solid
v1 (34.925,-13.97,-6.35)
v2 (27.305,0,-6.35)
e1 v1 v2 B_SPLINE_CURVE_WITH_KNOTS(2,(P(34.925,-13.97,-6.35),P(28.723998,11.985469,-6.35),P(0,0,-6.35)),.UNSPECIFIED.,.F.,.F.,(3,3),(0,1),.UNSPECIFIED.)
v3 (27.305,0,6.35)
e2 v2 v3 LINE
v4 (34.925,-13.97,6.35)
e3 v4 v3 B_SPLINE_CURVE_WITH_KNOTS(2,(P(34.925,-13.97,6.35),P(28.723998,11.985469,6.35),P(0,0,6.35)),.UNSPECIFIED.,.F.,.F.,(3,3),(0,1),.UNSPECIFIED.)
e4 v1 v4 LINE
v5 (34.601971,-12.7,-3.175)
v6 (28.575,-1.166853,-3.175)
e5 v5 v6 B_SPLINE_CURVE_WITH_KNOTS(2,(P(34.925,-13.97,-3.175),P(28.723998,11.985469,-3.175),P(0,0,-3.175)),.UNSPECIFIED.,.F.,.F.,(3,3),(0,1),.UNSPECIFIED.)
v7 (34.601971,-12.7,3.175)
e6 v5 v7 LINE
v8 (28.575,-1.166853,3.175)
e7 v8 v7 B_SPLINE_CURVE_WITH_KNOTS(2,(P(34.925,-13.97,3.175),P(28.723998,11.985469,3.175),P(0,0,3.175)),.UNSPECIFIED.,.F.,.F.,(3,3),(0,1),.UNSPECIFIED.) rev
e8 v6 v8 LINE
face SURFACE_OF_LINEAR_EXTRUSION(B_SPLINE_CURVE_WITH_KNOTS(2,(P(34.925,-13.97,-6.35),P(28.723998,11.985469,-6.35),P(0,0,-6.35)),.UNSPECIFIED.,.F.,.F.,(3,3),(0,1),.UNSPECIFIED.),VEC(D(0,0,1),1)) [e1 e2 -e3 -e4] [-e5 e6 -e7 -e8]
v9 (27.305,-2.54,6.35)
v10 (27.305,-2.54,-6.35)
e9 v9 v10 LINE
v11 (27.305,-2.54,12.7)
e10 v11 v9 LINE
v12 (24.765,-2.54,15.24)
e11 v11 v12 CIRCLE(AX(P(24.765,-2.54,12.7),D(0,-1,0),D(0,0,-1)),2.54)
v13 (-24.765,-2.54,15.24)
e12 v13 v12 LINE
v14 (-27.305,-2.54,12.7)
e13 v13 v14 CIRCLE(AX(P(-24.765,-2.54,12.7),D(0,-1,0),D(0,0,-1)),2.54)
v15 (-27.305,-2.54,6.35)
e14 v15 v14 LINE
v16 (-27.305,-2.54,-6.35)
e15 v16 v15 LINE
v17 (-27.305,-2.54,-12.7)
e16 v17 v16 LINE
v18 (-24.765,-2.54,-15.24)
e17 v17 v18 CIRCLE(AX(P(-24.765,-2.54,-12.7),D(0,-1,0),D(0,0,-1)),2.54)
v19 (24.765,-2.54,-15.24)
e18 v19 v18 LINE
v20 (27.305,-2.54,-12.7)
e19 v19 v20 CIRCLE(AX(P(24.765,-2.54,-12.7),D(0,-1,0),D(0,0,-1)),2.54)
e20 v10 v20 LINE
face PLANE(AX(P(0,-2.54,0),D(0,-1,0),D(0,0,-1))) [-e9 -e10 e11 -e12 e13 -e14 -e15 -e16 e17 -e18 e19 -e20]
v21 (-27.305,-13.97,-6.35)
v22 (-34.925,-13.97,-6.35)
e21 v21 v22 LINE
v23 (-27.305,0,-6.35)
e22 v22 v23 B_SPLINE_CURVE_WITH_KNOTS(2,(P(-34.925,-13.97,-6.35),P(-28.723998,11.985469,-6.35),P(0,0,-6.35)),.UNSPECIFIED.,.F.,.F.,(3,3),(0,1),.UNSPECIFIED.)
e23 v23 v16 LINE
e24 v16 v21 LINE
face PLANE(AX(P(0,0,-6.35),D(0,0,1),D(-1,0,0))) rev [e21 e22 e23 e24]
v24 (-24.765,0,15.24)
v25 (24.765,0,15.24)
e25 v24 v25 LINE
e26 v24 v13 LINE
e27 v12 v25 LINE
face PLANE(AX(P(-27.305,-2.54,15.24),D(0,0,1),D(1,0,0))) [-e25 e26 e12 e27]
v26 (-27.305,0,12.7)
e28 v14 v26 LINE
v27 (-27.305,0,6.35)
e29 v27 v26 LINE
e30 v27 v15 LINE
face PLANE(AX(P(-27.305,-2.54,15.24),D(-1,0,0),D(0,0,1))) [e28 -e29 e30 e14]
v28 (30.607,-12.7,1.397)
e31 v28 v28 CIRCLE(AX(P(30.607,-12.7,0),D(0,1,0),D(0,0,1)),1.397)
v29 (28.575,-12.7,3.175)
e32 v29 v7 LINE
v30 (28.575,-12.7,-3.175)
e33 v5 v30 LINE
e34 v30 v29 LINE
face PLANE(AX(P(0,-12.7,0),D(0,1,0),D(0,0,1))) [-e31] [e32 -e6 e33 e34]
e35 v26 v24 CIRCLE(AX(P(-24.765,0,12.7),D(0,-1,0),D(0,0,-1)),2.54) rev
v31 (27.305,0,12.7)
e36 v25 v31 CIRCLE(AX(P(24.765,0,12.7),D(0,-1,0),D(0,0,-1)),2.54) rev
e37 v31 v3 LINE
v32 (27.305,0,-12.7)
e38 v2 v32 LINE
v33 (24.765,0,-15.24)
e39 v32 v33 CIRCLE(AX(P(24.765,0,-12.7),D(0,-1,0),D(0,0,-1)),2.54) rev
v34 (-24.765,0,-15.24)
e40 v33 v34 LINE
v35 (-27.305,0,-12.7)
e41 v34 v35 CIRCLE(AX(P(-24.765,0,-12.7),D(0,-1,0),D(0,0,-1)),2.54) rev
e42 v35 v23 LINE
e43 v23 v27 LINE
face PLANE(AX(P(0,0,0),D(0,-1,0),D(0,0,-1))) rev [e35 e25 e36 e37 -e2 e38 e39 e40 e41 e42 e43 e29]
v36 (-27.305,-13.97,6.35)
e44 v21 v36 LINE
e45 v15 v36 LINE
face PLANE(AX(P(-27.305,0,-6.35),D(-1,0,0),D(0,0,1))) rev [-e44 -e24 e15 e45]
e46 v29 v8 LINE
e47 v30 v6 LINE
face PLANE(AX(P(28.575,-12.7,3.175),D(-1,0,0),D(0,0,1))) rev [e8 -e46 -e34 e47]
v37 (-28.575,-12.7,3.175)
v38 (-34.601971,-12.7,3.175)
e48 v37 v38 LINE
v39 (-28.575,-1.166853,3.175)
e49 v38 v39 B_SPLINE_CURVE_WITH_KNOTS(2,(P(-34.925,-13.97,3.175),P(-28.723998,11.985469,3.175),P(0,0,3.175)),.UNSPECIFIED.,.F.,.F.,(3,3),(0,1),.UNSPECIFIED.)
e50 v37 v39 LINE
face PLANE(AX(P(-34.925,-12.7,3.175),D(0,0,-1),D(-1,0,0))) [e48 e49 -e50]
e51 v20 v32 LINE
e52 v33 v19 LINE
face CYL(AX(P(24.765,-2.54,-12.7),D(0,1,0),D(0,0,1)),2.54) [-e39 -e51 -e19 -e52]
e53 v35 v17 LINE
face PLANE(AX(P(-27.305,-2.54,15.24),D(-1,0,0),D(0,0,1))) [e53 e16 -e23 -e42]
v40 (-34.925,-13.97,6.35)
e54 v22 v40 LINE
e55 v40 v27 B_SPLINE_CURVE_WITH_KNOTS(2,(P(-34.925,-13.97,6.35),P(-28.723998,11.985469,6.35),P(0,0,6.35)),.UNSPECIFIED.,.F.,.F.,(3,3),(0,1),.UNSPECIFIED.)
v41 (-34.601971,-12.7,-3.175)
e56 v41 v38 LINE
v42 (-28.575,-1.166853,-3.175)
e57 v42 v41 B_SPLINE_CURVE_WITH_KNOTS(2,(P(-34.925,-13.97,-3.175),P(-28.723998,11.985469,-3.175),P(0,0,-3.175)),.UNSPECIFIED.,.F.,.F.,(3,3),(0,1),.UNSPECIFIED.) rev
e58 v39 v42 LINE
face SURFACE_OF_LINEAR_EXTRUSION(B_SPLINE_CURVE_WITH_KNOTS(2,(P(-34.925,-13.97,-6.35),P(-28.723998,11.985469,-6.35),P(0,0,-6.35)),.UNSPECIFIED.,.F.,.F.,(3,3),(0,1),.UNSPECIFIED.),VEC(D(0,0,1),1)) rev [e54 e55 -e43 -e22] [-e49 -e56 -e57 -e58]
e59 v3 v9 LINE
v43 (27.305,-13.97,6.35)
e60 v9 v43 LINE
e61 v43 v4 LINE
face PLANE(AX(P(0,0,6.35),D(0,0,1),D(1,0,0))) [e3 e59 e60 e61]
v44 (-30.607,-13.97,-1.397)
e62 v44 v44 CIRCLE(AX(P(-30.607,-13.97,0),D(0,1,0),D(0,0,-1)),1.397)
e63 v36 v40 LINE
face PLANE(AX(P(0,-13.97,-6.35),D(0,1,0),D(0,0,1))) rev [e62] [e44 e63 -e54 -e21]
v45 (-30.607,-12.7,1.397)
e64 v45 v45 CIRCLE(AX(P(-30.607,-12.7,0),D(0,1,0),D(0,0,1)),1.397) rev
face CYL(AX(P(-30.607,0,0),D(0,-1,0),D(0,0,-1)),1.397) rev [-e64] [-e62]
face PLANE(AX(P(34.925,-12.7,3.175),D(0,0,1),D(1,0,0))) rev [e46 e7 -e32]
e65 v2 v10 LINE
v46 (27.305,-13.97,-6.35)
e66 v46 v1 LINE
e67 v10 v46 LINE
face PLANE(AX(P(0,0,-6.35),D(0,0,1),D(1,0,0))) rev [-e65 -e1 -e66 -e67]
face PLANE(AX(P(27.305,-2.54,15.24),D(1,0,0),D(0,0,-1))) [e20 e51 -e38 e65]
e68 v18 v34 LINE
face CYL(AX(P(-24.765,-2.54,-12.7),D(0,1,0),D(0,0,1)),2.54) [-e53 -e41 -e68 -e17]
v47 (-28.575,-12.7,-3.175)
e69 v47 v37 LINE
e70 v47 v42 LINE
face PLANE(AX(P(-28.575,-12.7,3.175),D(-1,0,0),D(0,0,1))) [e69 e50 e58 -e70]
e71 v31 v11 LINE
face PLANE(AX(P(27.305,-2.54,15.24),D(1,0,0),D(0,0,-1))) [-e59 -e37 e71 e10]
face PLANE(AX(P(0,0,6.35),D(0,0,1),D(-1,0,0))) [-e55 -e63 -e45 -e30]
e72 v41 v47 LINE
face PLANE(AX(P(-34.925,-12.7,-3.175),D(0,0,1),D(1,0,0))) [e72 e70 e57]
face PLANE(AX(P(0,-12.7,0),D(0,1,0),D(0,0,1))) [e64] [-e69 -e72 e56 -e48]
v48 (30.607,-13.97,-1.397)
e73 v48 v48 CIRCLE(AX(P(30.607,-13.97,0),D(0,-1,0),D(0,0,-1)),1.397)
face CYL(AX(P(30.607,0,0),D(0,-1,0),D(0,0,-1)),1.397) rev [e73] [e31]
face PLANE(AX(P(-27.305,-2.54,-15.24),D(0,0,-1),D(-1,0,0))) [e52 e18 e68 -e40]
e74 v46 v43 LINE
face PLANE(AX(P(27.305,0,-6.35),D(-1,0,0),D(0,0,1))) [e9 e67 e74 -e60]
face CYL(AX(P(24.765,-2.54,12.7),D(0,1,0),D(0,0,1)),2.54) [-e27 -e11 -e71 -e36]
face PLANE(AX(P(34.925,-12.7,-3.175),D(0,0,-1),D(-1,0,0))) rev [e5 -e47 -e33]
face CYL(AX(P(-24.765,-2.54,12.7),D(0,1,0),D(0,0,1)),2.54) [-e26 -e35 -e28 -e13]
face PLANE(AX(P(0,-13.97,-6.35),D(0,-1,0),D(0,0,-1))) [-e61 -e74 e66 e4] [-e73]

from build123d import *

# Parameters (mm, degrees)
SKETCH1_W           = 54.61
SKETCH1_H           = 30.48
BOSS_EXTRUDE1_DEPTH = 2.54
FILLET1_R           = 2.54
BOSS_EXTRUDE2_DEPTH = 6.35
SKETCH3_W           = 6.35
SKETCH3_H           = 6.35
CUT_EXTRUDE1_DEPTH  = 12.7
SKETCH4_R           = 1.397
CUT_EXTRUDE2_DEPTH  = 14.9700001


with BuildPart() as part:
    # Sketch1 → Boss-Extrude1 (new body)
    with BuildSketch(Plane(origin=(0, 0, 0), x_dir=(1, 0, 0), z_dir=(0, 1, 0))):
        Rectangle(SKETCH1_W, SKETCH1_H)
    extrude(amount=-BOSS_EXTRUDE1_DEPTH)

    # Fillet1
    fillet1_edges = [part.edges().sort_by_distance(p)[0] for p in [
        (27.305, -1.27, 15.24),
        (-27.305, -1.27, 15.24),
        (-27.305, -1.27, -15.24),
        (27.305, -1.27, -15.24),
    ]]
    fillet(fillet1_edges, radius=FILLET1_R)

    # Sketch2 → Boss-Extrude2 (add, symmetric)
    with BuildSketch(Plane.XY):
        with BuildLine():
            add(Edge.make_bspline(
                [(34.925, -13.97), (32.641767313, -4.413096047), (27.305, 0)],
                knots=[0, 0, 0, 0.368203859, 0.368203859, 0.368203859], degree=2))
            Line((27.305, 0), (27.305, -13.97))
            Line((27.305, -13.97), (34.925, -13.97))
        make_face()
    boss_extrude2 = extrude(amount=BOSS_EXTRUDE2_DEPTH, both=True)

    # Sketch3 → Cut-Extrude1 (cut)
    with BuildSketch(Plane(origin=(0, 0, 0), x_dir=(1, 0, 0), z_dir=(0, 1, 0))):
        with Locations((31.75, 0)):
            Rectangle(SKETCH3_W, SKETCH3_H)
    cut_extrude1 = extrude(amount=-CUT_EXTRUDE1_DEPTH, mode=Mode.SUBTRACT)

    # Sketch4 → Cut-Extrude2 (cut, through all)
    with BuildSketch(Plane(origin=(0, -13.97, 0), x_dir=(-1, 0, 0), z_dir=(0, -1, 0))):
        with Locations((-30.607, 0)):
            Circle(SKETCH4_R)
    cut_extrude2 = extrude(amount=-CUT_EXTRUDE2_DEPTH, mode=Mode.SUBTRACT)

    # Mirror1: Boss-Extrude2, Cut-Extrude1, Cut-Extrude2 across plane
    add(boss_extrude2.mirror(Plane(origin=(0, 0, 0), x_dir=(0, 0, 1), z_dir=(1, 0, 0))))
    add(cut_extrude1.mirror(Plane(origin=(0, 0, 0), x_dir=(0, 0, 1), z_dir=(1, 0, 0))), mode=Mode.SUBTRACT)
    add(cut_extrude2.mirror(Plane(origin=(0, 0, 0), x_dir=(0, 0, 1), z_dir=(1, 0, 0))), mode=Mode.SUBTRACT)


solid = part.part
